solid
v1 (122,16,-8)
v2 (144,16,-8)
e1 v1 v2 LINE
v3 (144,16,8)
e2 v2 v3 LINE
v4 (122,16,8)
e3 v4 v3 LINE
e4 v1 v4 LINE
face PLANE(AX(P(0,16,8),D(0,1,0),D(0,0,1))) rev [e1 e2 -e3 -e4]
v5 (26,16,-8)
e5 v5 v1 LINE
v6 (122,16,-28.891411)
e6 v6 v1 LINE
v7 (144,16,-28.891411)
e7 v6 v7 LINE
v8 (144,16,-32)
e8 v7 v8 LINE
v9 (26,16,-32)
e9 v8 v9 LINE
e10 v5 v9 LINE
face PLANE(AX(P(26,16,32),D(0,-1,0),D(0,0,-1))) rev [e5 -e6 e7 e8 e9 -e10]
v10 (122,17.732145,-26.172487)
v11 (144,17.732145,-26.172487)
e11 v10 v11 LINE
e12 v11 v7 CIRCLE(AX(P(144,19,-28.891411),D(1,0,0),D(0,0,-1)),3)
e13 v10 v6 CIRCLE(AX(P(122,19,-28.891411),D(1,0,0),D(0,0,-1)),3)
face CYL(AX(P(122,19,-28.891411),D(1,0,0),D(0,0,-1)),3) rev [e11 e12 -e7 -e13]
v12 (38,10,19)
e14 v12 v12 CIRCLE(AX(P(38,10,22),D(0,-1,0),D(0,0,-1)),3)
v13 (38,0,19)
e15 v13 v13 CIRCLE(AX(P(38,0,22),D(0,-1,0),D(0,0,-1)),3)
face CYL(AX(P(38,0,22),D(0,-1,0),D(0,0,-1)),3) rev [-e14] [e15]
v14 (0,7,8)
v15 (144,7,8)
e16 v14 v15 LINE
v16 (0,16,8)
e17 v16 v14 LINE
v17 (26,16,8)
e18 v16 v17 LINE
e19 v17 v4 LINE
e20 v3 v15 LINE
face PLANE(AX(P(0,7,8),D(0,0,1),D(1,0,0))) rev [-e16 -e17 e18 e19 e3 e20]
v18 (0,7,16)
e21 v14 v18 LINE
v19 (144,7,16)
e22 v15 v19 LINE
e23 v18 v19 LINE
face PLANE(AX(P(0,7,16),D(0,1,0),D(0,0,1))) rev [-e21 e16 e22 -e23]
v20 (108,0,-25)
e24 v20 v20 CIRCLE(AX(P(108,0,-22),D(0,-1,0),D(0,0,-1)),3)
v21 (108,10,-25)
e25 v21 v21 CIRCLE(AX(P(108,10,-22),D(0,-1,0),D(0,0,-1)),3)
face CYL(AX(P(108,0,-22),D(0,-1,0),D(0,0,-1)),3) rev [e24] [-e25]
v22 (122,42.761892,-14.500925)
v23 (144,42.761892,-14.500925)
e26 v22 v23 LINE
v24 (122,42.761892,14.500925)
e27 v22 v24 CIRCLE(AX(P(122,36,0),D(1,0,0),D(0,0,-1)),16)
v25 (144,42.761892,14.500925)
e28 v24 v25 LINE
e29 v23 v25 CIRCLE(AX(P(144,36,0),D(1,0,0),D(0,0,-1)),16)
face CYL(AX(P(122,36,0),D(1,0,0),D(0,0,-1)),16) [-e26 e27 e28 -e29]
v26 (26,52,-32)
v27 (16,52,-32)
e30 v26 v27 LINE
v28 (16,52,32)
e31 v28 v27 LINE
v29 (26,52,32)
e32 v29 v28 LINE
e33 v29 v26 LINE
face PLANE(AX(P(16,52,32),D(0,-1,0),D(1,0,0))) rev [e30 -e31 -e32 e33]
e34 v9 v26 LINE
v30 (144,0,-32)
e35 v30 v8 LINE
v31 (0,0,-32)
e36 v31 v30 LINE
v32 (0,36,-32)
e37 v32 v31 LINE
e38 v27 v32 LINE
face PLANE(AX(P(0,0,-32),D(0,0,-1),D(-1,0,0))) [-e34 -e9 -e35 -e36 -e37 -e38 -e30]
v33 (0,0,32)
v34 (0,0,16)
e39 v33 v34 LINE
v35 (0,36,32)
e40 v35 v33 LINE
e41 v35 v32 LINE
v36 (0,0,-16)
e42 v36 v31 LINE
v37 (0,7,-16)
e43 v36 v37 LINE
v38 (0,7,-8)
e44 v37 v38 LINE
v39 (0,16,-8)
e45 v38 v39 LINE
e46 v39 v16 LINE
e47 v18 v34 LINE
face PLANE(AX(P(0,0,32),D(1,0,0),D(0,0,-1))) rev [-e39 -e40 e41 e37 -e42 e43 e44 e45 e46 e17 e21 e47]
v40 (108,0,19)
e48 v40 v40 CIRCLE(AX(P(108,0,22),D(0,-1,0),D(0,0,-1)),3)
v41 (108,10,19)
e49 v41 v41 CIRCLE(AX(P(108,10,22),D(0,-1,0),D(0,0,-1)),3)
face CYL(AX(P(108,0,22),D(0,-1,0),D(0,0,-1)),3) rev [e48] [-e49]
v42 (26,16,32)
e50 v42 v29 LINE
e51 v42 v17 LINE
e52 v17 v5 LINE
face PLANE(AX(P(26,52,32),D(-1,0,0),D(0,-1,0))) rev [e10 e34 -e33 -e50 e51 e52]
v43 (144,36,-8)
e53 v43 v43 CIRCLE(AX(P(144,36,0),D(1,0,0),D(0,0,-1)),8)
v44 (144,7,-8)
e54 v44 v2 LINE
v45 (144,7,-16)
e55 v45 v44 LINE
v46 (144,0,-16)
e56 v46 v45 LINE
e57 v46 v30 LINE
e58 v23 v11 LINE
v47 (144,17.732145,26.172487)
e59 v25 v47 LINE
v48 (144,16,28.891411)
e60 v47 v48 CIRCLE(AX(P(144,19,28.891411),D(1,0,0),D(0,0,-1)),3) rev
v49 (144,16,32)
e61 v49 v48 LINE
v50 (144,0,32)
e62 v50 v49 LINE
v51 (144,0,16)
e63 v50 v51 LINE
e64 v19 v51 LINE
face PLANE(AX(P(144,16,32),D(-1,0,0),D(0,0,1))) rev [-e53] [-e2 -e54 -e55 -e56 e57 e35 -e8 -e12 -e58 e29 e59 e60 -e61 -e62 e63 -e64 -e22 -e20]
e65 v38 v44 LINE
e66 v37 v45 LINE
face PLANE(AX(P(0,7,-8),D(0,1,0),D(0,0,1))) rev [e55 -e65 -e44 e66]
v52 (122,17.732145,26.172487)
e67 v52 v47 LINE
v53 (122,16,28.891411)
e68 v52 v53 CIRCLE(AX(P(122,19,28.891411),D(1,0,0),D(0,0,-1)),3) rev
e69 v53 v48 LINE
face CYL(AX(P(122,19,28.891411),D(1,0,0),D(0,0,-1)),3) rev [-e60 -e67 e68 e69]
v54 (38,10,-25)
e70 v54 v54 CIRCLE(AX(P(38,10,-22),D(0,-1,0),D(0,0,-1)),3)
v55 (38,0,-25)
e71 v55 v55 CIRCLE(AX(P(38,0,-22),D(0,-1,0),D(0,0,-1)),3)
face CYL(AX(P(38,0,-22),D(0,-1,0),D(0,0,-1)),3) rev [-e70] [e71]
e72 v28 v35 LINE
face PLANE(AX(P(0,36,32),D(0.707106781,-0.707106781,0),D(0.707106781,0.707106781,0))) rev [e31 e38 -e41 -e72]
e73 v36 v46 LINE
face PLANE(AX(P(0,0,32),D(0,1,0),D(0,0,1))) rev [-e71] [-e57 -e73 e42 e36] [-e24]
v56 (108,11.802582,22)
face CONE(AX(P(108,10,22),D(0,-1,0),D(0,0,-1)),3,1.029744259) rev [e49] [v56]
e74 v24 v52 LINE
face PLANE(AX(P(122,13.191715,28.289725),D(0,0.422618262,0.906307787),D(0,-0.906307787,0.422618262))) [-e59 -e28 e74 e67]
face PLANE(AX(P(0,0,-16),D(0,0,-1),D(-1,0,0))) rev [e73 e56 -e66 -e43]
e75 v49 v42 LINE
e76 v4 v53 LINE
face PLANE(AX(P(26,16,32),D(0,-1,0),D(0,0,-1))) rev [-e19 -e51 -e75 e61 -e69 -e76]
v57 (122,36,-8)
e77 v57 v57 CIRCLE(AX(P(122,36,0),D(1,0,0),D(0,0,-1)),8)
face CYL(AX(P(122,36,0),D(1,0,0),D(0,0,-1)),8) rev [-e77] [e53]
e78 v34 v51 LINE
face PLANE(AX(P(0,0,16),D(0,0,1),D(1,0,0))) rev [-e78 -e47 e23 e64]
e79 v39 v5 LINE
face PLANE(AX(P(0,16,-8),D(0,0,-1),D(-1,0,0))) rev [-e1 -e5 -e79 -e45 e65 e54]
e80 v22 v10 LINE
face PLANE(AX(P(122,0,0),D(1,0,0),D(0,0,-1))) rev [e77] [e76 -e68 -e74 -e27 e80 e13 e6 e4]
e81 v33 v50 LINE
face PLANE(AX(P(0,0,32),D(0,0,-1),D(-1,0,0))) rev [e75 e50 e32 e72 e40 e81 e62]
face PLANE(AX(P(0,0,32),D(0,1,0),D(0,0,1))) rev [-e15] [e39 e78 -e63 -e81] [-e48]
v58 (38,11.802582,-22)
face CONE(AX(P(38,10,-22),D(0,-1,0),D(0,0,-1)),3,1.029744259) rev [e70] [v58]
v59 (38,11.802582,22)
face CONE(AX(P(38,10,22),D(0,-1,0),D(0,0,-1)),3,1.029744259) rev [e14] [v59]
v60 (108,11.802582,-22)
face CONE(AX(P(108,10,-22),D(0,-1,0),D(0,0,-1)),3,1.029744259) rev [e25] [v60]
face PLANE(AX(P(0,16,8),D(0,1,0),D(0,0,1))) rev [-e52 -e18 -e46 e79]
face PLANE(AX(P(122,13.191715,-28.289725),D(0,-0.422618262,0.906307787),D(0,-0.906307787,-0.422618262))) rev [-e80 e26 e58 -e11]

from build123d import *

# Parameters (mm, degrees)
BOSS_EXTRUDE1_DEPTH  = 32
SKETCH3_R            = 8
BOSS_EXTRUDE2_DEPTH  = 22
CUT_EXTRUDE1_DEPTH   = 145
LPATTERN1_COUNT      = 2
LPATTERN1_PITCH      = 70
LPATTERN1_COUNT_DIR2 = 2
LPATTERN1_PITCH_DIR2 = 44


with BuildPart() as part:
    # Sketch1 → Boss-Extrude1 (new body, symmetric)
    with BuildSketch(Plane.XY):
        Polygon((0, 0), (0, 36), (16, 52), (26, 52), (26, 16), (144, 16), (144, 0), align=None)
    extrude(amount=BOSS_EXTRUDE1_DEPTH, both=True)

    # Sketch3 → Boss-Extrude2 (add)
    with BuildSketch(Plane(origin=(144, 0, 0), x_dir=(0, 0, -1), z_dir=(1, 0, 0))):
        with BuildLine():
            Line((-14.500924593, 42.761892188), (-26.172487288, 17.732145215))
            ThreePointArc((-26.172487288, 17.732145215), (-27.279511824, 16.469825663), (-28.891410649, 16))
            Line((-28.891410649, 16), (28.891410649, 16))
            ThreePointArc((28.891410649, 16), (27.279511824, 16.469825663), (26.172487288, 17.732145215))
            Line((26.172487288, 17.732145215), (14.500924593, 42.761892188))
            ThreePointArc((14.500924593, 42.761892188), (0, 52), (-14.500924593, 42.761892188))
        make_face()
        with Locations((0, 36)):
            Circle(SKETCH3_R, mode=Mode.SUBTRACT)
    extrude(amount=-BOSS_EXTRUDE2_DEPTH)

    # Sketch4 → Cut-Extrude1 (cut, through all)
    with BuildSketch(Plane(origin=(144, 0, 0), x_dir=(0, 0, -1), z_dir=(1, 0, 0))):
        Polygon((-16, 0), (16, 0), (16, 7), (8, 7), (8, 16), (-8, 16), (-8, 7), (-16, 7), align=None)
    extrude(amount=-CUT_EXTRUDE1_DEPTH, mode=Mode.SUBTRACT)

    # Sketch6 → Ø6.0mm Dowel Hole1 (revolve, cut)
    with BuildSketch(Plane(origin=(38, 0, 22), x_dir=(0, 0, -1), z_dir=(1, 0, 0))):
        Polygon((0, 0), (0, 11.802581857), (3, 10), (3, 0), align=None)
    f_6_0mm_dowel_hole1 = revolve(axis=Axis((38, -6.35, 22), (0, 1, 0)), mode=Mode.SUBTRACT)

    # LPattern1: 6.0mm Dowel Hole1 2 × 2
    with Locations(*[(i * LPATTERN1_PITCH, 0, -j * LPATTERN1_PITCH_DIR2) for i in range(LPATTERN1_COUNT) for j in range(LPATTERN1_COUNT_DIR2) if (i, j) != (0, 0)]):
        add(f_6_0mm_dowel_hole1, mode=Mode.SUBTRACT)


solid = part.part
